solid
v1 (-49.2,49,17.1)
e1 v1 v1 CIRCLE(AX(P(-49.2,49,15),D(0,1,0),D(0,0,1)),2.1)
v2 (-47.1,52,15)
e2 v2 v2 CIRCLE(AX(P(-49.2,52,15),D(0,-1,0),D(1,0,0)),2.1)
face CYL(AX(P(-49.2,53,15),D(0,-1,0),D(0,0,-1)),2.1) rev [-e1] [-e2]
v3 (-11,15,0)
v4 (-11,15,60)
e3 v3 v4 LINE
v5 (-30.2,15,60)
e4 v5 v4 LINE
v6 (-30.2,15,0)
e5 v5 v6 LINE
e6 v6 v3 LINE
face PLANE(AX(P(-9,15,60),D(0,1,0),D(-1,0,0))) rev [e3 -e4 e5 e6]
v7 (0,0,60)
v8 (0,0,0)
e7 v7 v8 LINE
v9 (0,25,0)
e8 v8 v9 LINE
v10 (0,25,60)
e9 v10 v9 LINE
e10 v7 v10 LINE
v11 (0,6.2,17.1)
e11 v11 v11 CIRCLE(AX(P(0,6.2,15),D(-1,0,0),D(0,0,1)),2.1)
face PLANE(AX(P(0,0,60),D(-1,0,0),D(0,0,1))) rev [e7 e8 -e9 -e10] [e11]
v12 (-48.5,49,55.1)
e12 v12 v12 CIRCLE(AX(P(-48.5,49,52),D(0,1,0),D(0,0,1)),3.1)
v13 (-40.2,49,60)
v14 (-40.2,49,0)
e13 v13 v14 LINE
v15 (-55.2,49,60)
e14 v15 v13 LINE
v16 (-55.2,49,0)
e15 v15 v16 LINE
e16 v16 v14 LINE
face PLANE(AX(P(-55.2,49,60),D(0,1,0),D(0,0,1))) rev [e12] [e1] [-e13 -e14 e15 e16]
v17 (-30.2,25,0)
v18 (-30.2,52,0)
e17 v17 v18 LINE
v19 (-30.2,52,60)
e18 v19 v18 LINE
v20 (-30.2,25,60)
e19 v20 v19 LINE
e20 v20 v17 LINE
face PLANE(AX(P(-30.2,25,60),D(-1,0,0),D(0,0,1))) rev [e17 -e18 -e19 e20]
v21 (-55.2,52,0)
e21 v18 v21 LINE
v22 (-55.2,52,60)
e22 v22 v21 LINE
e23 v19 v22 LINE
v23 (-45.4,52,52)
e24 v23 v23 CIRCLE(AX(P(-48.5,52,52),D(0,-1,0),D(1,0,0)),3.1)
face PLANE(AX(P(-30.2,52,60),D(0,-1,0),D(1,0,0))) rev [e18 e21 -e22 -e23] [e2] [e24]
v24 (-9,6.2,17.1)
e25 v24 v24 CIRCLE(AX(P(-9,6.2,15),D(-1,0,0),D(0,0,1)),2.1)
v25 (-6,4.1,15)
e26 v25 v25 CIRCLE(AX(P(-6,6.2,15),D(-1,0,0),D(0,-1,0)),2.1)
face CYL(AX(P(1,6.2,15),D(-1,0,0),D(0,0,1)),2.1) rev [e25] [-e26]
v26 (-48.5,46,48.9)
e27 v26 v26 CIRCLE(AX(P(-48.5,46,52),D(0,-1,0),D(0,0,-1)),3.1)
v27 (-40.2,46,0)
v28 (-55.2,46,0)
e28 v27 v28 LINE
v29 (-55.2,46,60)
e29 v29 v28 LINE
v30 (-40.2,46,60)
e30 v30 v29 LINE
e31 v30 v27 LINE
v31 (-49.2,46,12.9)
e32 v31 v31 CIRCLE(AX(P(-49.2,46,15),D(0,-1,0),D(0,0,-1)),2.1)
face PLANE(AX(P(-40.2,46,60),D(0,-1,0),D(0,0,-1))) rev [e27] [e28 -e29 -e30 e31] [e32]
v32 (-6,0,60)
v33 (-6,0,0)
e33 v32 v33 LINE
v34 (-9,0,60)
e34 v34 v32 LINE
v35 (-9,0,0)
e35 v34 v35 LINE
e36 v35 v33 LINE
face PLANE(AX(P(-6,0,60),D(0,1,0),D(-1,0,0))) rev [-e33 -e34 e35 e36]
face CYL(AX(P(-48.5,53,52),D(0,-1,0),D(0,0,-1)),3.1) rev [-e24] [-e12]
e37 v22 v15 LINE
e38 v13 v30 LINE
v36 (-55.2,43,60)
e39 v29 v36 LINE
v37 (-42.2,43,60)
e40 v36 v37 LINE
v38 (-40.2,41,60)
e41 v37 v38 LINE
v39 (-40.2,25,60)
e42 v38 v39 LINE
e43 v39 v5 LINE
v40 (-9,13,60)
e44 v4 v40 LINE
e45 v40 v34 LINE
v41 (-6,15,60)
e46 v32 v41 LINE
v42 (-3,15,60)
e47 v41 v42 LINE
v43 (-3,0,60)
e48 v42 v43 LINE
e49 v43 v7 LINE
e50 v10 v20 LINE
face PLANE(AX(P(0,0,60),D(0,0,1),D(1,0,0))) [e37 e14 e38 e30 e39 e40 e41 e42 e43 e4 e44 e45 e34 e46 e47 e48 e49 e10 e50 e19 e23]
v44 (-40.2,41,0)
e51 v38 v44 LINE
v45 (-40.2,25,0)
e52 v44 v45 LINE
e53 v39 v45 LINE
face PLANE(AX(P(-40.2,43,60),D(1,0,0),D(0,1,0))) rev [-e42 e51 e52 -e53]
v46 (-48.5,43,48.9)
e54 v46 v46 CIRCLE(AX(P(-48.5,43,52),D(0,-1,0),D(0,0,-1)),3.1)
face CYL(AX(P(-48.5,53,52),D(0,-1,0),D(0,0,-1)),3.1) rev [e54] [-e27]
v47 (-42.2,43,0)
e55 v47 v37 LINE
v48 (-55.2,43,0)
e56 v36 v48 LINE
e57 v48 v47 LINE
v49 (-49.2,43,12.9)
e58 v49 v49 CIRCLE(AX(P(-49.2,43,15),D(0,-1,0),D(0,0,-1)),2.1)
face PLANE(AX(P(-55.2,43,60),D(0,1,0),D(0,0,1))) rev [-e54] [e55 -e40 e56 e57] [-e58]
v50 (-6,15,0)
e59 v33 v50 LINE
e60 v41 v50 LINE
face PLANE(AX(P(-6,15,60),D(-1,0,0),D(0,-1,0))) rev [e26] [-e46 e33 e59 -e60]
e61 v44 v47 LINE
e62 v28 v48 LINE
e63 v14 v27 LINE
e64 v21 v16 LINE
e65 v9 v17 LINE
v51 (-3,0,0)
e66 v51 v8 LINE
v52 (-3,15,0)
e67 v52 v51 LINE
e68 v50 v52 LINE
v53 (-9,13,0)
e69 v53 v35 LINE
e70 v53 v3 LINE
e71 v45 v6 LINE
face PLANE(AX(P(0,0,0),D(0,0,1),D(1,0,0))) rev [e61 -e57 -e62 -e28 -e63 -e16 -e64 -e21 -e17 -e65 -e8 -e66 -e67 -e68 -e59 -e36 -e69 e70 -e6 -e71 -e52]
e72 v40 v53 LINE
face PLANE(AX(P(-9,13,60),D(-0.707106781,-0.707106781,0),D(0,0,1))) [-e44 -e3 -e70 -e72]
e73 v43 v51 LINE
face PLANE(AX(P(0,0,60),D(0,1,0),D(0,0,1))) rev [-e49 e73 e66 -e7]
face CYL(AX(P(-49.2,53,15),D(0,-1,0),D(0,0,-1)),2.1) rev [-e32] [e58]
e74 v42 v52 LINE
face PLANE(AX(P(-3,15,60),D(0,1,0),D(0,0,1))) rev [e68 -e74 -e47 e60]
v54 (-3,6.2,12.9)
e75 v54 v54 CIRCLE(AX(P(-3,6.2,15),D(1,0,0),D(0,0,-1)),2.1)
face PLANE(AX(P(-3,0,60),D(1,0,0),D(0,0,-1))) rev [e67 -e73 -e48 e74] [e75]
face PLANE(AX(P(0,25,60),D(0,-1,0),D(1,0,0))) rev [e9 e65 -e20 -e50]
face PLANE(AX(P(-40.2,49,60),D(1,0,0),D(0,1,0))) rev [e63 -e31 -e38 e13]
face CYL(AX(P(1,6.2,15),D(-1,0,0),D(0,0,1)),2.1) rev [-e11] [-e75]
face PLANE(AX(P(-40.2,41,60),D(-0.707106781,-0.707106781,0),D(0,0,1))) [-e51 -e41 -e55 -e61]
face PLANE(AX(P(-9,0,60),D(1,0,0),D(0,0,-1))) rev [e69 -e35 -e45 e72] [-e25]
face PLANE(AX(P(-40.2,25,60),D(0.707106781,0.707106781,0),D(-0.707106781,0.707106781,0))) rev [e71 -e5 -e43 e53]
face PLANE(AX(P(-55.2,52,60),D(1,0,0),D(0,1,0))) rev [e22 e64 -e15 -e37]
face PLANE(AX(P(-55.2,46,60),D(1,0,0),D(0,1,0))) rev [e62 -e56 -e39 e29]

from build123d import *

# Parameters (mm, degrees)
DODANIE_WYCI_GNI_CIE1_DEPTH = 60
SFAZOWANIE1_SIZE            = 2
SZKIC2_R                    = 3.1
WYTNIJ_WYCI_GNI_CIE1_DEPTH  = 10
SZKIC3_R                    = 2.1
WYTNIJ_WYCI_GNI_CIE2_DEPTH  = 10
SZKIC4_R                    = 2.1
WYTNIJ_WYCI_GNI_CIE3_DEPTH  = 10


with BuildPart() as part:
    # Szkic1 → Dodanie-wyciągnięcie1 (new body)
    with BuildSketch(Plane.XY):
        Polygon((0, 0), (-3, 0), (-3, 15), (-6, 15), (-6, 0), (-9, 0), (-9, 15), (-30.2, 15), (-40.2, 25), (-40.2, 43), (-55.2, 43), (-55.2, 46), (-40.2, 46), (-40.2, 49), (-55.2, 49), (-55.2, 52), (-30.2, 52), (-30.2, 25), (0, 25), align=None)
    extrude(amount=DODANIE_WYCI_GNI_CIE1_DEPTH)

    # Sfazowanie1
    sfazowanie1_edges = [part.edges().sort_by_distance(p)[0] for p in [
        (-9, 15, 30),
        (-40.2, 43, 30),
    ]]
    chamfer(sfazowanie1_edges, length=SFAZOWANIE1_SIZE)

    # Szkic2 → Wytnij-wyciągnięcie1 (cut)
    with BuildSketch(Plane.XZ.offset(-43)):
        with Locations(Location((-48.5, 52, 0), (0, 0, 270))):
            Circle(SZKIC2_R)
    extrude(amount=-WYTNIJ_WYCI_GNI_CIE1_DEPTH, mode=Mode.SUBTRACT)

    # Szkic3 → Wytnij-wyciągnięcie2 (cut)
    with BuildSketch(Plane.XZ.offset(-43)):
        with Locations(Location((-49.2, 15, 0), (0, 0, 270))):
            Circle(SZKIC3_R)
    extrude(amount=-WYTNIJ_WYCI_GNI_CIE2_DEPTH, mode=Mode.SUBTRACT)

    # Szkic4 → Wytnij-wyciągnięcie3 (cut)
    with BuildSketch(Plane.ZY.offset(9)):
        with Locations((15, 6.2)):
            Circle(SZKIC4_R)
    extrude(amount=-WYTNIJ_WYCI_GNI_CIE3_DEPTH, mode=Mode.SUBTRACT)


solid = part.part
